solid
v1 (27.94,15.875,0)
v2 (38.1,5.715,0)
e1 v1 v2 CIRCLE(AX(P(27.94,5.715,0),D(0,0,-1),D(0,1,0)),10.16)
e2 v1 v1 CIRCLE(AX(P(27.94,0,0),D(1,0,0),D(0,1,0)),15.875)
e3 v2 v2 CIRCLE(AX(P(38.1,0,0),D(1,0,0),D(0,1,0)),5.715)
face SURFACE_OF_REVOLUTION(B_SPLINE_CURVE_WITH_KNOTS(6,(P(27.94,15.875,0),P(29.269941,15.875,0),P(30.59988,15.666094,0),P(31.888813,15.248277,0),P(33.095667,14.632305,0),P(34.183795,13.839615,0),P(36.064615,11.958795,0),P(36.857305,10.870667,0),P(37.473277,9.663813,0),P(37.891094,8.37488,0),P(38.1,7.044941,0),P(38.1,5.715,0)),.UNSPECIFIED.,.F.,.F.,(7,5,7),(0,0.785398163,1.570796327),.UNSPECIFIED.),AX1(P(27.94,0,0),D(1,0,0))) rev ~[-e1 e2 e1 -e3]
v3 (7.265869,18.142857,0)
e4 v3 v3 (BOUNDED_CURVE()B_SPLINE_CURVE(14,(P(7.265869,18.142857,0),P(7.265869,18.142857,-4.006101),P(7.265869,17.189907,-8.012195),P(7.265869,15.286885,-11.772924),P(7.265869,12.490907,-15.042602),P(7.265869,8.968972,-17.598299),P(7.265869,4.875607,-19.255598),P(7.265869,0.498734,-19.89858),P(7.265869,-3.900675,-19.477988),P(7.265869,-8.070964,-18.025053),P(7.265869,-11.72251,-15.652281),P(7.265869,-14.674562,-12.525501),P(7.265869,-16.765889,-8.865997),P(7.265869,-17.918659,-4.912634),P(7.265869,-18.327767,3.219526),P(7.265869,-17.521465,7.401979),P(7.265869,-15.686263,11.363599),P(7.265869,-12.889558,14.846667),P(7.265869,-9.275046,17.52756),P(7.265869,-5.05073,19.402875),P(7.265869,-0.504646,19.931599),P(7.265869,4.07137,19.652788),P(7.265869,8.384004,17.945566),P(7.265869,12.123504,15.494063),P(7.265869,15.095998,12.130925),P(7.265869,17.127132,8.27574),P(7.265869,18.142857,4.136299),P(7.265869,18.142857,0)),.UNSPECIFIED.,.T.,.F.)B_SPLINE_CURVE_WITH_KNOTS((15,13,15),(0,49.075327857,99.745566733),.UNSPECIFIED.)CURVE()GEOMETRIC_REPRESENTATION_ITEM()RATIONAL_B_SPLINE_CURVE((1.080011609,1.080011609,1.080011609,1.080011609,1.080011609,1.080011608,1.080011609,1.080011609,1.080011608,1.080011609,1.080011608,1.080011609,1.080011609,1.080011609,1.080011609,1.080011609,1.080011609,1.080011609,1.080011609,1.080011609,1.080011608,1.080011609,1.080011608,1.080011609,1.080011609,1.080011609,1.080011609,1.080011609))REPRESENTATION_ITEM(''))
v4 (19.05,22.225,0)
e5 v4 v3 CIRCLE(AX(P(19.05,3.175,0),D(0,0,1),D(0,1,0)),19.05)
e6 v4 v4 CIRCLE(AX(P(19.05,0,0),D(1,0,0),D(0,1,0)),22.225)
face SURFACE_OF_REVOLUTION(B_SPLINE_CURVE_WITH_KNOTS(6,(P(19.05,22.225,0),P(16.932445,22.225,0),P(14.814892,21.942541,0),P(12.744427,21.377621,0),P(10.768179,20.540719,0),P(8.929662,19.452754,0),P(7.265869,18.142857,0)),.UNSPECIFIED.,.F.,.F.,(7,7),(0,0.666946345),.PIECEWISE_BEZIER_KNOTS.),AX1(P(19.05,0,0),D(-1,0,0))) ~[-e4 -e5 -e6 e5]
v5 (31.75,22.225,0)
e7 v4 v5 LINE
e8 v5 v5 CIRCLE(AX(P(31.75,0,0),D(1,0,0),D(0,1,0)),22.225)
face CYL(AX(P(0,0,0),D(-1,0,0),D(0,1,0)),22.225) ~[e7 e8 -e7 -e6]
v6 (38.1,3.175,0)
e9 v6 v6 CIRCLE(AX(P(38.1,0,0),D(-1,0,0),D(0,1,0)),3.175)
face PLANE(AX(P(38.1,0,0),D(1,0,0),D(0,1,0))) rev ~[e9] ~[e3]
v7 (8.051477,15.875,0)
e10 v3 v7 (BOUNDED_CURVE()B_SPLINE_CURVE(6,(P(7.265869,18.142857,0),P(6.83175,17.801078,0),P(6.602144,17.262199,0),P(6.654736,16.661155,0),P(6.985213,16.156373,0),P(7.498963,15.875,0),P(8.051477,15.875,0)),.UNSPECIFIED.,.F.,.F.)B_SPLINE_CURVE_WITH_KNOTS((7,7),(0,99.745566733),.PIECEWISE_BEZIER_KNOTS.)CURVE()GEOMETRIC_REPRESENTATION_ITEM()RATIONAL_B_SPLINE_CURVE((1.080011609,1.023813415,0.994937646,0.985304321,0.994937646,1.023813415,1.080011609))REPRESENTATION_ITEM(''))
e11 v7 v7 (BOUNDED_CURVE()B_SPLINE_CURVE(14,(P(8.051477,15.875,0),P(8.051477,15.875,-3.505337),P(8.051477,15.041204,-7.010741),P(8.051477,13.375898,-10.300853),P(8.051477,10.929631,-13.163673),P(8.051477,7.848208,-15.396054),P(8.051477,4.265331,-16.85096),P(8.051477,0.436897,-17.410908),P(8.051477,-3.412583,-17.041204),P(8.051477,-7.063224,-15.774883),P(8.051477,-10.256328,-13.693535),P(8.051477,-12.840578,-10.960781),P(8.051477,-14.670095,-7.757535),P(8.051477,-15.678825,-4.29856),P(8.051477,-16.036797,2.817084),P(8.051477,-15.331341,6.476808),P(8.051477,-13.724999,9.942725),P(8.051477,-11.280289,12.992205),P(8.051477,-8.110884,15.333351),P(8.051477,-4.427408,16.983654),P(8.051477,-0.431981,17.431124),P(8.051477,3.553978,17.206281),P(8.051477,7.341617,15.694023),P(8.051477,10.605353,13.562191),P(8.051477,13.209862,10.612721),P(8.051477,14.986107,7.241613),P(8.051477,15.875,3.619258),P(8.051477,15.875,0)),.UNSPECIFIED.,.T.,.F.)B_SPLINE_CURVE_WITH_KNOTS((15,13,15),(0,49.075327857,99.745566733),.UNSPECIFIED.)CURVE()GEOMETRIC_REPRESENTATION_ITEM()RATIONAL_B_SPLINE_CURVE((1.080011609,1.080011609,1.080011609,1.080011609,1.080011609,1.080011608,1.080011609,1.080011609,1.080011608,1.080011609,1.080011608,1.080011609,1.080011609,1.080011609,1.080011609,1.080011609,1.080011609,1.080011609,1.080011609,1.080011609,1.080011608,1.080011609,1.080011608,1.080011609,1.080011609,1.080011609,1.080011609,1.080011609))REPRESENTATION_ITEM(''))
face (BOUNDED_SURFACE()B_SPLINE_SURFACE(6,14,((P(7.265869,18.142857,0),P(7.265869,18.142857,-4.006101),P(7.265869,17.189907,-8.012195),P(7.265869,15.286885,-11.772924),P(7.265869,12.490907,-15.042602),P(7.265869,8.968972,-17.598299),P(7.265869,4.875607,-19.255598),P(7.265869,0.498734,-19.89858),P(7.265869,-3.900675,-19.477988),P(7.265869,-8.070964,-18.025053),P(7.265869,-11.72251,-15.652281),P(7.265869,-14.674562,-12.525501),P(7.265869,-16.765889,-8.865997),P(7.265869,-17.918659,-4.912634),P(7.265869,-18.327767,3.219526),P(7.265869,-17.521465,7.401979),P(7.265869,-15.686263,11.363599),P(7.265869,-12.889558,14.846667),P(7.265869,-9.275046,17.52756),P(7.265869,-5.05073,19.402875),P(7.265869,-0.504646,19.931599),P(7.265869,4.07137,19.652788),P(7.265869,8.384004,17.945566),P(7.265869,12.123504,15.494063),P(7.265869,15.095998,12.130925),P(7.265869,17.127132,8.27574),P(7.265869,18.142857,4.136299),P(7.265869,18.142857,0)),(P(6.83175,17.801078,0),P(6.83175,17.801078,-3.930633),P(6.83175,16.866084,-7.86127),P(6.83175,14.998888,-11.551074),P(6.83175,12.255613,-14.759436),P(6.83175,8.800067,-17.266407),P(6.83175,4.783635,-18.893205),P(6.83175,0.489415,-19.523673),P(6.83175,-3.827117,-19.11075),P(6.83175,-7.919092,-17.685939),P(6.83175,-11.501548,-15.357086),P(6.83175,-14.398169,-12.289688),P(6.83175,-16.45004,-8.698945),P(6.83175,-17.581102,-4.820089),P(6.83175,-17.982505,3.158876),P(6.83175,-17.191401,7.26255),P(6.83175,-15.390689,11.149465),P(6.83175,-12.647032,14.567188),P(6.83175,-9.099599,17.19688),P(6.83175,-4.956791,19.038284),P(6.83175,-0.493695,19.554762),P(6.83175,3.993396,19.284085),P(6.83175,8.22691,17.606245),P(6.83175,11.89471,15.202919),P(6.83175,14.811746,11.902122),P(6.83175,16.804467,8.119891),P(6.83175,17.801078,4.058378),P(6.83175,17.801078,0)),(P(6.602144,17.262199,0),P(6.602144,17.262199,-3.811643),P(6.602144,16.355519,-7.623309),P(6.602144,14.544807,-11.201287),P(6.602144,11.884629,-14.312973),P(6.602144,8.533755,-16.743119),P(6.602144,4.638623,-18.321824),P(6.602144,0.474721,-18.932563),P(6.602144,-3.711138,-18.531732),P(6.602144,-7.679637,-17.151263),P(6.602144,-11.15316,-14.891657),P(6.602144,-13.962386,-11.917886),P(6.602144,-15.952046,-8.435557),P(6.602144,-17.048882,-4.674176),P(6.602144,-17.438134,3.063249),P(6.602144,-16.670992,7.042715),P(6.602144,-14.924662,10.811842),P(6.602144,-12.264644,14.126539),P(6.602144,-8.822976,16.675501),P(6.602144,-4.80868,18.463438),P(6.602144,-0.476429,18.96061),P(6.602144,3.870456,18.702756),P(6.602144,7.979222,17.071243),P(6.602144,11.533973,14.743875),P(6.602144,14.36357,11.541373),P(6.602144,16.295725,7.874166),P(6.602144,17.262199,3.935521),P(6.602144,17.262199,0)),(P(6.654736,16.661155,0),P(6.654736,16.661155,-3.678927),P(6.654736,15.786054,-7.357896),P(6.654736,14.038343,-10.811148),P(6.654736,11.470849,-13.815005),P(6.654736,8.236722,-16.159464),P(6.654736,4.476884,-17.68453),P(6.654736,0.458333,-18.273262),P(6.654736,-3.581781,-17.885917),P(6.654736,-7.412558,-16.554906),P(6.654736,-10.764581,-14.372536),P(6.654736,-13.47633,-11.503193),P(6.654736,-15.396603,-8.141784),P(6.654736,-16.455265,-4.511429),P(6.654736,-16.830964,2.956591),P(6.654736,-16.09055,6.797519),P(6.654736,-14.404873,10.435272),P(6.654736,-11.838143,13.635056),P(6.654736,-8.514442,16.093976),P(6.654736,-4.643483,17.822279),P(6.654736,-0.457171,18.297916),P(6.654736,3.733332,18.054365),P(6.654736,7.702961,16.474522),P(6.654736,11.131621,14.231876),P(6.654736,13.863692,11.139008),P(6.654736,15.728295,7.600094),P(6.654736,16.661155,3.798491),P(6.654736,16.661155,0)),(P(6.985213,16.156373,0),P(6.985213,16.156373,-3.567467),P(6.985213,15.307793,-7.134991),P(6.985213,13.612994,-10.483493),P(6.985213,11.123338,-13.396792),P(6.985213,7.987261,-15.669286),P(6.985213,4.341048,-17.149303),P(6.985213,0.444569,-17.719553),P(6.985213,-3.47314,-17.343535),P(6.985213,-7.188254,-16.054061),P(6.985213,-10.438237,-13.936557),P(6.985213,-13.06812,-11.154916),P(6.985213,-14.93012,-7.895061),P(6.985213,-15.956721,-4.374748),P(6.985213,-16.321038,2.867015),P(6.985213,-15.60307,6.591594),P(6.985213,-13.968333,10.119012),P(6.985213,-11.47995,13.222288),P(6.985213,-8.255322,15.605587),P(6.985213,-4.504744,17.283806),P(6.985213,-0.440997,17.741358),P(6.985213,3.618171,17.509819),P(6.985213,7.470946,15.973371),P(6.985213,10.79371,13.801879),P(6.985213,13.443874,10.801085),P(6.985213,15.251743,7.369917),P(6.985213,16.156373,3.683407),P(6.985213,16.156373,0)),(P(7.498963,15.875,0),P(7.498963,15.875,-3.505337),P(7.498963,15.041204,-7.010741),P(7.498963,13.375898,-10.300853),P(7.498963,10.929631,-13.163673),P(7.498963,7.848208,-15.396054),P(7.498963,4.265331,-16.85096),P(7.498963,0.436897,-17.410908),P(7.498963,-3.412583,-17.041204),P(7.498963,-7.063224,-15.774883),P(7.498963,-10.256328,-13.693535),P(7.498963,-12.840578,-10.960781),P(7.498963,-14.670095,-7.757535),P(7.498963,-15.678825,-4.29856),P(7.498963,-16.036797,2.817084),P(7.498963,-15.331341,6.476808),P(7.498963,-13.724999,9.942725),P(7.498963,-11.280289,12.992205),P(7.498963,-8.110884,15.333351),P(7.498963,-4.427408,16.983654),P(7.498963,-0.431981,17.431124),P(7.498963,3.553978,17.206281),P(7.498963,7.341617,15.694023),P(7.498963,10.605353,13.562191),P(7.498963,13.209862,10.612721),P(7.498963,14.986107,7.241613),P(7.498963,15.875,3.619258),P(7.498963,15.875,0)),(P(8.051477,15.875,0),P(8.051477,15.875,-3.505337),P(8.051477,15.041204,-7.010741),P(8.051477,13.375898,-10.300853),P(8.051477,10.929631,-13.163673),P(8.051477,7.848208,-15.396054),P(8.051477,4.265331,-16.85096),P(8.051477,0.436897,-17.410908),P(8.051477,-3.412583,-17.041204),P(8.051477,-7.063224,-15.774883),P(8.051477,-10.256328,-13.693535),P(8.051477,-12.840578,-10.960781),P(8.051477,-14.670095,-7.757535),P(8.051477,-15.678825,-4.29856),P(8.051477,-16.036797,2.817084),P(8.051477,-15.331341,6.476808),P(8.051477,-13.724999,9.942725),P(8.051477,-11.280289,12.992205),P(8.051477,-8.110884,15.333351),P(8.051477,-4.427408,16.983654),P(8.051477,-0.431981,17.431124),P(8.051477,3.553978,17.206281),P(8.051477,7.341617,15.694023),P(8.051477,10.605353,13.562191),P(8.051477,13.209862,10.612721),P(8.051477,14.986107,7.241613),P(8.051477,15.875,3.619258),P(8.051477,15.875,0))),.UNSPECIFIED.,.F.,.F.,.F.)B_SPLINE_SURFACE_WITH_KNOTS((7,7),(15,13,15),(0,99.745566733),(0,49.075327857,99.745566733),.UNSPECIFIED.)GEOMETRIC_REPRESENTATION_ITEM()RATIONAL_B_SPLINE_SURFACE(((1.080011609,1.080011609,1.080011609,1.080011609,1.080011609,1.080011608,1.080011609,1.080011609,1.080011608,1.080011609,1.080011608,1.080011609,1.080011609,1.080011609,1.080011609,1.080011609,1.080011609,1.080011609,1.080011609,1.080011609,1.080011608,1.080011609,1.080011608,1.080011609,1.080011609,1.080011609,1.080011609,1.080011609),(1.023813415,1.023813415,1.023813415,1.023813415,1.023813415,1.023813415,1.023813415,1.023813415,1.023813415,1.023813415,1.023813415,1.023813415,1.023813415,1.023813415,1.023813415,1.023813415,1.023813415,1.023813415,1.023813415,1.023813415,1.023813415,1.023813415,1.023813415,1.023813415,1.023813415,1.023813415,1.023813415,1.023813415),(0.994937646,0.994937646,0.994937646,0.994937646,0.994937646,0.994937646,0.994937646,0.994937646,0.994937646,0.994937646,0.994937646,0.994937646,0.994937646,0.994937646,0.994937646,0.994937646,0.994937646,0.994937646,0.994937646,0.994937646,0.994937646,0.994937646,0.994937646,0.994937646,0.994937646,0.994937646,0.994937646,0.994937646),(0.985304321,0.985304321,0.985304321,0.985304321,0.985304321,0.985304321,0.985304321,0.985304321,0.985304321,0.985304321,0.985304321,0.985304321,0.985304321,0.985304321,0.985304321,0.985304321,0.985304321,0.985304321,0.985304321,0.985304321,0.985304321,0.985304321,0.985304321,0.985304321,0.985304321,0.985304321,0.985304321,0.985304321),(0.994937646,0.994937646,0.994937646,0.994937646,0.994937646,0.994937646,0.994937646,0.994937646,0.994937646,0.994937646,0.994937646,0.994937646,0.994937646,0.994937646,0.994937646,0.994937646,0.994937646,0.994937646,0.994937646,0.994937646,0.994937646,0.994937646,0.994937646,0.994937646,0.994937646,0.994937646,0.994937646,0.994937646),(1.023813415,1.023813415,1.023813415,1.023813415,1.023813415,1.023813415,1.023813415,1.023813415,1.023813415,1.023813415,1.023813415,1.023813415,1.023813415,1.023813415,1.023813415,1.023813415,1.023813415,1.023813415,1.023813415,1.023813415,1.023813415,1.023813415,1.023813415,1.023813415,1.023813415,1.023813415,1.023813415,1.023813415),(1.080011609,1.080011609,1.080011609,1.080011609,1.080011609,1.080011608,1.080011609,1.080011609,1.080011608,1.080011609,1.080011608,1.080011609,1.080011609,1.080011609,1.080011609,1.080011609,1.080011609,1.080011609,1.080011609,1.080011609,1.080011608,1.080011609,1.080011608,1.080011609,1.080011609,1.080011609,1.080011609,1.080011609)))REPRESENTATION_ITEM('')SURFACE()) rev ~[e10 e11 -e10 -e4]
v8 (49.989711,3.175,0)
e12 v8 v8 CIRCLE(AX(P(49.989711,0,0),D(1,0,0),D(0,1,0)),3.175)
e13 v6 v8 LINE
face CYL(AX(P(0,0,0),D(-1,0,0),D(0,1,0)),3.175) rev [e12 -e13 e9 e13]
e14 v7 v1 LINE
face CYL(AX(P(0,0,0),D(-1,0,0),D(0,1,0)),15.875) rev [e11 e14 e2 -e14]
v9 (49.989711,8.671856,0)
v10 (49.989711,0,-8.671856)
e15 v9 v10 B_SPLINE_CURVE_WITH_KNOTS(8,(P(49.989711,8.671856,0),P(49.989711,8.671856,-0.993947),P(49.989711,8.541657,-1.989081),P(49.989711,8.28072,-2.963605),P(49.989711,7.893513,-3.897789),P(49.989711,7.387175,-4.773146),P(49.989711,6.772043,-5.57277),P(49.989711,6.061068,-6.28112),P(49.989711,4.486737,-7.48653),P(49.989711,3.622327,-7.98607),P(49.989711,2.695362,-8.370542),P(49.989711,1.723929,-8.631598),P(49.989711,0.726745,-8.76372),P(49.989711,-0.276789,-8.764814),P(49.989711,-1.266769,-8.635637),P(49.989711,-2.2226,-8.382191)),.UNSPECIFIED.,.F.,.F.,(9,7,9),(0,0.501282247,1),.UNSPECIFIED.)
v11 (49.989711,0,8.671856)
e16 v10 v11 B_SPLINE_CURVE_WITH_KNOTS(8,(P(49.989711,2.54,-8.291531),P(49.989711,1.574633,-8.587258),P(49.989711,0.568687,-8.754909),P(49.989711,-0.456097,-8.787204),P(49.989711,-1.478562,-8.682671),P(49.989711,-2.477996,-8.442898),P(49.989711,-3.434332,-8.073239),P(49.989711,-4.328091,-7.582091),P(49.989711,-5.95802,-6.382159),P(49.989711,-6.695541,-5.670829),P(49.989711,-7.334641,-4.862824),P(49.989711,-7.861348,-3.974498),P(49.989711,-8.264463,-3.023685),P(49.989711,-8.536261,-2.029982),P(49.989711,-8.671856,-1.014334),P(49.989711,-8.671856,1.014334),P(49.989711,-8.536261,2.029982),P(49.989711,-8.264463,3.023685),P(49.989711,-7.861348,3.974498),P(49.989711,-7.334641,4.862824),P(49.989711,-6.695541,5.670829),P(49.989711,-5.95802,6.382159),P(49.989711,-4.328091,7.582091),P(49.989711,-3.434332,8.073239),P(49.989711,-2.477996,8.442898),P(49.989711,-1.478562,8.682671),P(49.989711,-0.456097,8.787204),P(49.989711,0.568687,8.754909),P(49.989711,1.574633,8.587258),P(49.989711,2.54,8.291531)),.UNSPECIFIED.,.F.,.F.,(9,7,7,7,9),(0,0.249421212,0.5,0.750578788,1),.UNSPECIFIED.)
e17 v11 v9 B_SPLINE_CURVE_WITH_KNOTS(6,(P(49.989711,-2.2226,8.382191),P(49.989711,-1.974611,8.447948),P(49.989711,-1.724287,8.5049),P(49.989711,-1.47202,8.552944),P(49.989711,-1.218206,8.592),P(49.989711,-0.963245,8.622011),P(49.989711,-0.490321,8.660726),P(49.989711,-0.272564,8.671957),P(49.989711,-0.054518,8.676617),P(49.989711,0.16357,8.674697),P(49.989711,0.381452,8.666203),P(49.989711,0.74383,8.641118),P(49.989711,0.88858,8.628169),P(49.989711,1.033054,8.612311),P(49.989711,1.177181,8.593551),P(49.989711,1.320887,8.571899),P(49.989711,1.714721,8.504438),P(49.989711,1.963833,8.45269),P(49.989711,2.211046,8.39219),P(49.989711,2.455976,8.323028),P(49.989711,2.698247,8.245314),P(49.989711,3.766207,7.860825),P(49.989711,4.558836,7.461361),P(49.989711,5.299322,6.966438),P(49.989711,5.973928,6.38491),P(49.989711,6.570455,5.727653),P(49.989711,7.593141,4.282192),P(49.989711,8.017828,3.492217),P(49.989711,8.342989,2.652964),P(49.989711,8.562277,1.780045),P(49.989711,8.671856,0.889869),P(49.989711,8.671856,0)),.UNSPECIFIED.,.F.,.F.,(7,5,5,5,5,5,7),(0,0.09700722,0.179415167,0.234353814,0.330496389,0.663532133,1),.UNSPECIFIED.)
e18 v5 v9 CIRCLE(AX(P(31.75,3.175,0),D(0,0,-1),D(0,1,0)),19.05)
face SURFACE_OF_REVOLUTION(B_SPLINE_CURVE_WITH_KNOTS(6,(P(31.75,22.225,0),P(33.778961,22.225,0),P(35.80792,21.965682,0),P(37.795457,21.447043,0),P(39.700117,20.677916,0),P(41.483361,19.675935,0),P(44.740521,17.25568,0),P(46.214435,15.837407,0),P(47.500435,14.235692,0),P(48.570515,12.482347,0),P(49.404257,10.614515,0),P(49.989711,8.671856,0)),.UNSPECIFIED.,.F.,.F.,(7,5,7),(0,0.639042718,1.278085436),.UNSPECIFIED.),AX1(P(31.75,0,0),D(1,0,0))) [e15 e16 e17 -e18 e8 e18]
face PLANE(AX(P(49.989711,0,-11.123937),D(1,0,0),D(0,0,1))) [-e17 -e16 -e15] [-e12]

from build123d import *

# Parameters (mm, degrees)
F0_R           = 22.225
F1_DEPTH       = 50.8
F2_R           = 19.05
F3_R           = 15.875
F4_DEPTH       = 38.1
F5_R           = 1.27
F6_R           = 3.175
F7_DEPTH       = 50.801
F8_R           = 10.16
F9_W           = 6.6301524639
F9_H           = 19.9486073107
F10_DEPTH      = 22.2260001
F10_DEPTH_BACK = 25.4


with BuildPart() as f1:
    # F0 (on Right) → F1 (new body)
    with BuildSketch(Plane.YZ):
        Circle(F0_R)
    extrude(amount=F1_DEPTH)

    # F2
    f2_edges = [f1.edges().sort_by_distance(p)[0] for p in [
        (0, -22.225, 0),
        (50.8, -22.225, 0),
    ]]
    fillet(f2_edges, radius=F2_R)

    # F3 (on Right) → F4 (cut)
    with BuildSketch(Plane.YZ):
        Circle(F3_R)
    extrude(amount=F4_DEPTH, mode=Mode.SUBTRACT)

    # F5
    f5_edges = [f1.edges().sort_by_distance(p)[0] for p in [
        (4.850968, -15.875, 0),
    ]]
    fillet(f5_edges, radius=F5_R)

    # F6 (on Right) → F7 (cut, through all)
    with BuildSketch(Plane.YZ):
        Circle(F6_R)
    extrude(amount=F7_DEPTH, mode=Mode.SUBTRACT)

    # F8
    f8_edges = [f1.edges().sort_by_distance(p)[0] for p in [
        (38.1, -15.875, 0),
    ]]
    fillet(f8_edges, radius=F8_R)

    # F9 (on Front) → F10 (cut, two sides)
    with BuildSketch(Plane.XZ) as f10_sk:
        with Locations((53.3047877252, -1.149632968)):
            Rectangle(F9_W, F9_H)
    extrude(amount=-F10_DEPTH, mode=Mode.SUBTRACT)
    extrude(f10_sk.sketch, amount=F10_DEPTH_BACK, mode=Mode.SUBTRACT)


solid = f1.part
